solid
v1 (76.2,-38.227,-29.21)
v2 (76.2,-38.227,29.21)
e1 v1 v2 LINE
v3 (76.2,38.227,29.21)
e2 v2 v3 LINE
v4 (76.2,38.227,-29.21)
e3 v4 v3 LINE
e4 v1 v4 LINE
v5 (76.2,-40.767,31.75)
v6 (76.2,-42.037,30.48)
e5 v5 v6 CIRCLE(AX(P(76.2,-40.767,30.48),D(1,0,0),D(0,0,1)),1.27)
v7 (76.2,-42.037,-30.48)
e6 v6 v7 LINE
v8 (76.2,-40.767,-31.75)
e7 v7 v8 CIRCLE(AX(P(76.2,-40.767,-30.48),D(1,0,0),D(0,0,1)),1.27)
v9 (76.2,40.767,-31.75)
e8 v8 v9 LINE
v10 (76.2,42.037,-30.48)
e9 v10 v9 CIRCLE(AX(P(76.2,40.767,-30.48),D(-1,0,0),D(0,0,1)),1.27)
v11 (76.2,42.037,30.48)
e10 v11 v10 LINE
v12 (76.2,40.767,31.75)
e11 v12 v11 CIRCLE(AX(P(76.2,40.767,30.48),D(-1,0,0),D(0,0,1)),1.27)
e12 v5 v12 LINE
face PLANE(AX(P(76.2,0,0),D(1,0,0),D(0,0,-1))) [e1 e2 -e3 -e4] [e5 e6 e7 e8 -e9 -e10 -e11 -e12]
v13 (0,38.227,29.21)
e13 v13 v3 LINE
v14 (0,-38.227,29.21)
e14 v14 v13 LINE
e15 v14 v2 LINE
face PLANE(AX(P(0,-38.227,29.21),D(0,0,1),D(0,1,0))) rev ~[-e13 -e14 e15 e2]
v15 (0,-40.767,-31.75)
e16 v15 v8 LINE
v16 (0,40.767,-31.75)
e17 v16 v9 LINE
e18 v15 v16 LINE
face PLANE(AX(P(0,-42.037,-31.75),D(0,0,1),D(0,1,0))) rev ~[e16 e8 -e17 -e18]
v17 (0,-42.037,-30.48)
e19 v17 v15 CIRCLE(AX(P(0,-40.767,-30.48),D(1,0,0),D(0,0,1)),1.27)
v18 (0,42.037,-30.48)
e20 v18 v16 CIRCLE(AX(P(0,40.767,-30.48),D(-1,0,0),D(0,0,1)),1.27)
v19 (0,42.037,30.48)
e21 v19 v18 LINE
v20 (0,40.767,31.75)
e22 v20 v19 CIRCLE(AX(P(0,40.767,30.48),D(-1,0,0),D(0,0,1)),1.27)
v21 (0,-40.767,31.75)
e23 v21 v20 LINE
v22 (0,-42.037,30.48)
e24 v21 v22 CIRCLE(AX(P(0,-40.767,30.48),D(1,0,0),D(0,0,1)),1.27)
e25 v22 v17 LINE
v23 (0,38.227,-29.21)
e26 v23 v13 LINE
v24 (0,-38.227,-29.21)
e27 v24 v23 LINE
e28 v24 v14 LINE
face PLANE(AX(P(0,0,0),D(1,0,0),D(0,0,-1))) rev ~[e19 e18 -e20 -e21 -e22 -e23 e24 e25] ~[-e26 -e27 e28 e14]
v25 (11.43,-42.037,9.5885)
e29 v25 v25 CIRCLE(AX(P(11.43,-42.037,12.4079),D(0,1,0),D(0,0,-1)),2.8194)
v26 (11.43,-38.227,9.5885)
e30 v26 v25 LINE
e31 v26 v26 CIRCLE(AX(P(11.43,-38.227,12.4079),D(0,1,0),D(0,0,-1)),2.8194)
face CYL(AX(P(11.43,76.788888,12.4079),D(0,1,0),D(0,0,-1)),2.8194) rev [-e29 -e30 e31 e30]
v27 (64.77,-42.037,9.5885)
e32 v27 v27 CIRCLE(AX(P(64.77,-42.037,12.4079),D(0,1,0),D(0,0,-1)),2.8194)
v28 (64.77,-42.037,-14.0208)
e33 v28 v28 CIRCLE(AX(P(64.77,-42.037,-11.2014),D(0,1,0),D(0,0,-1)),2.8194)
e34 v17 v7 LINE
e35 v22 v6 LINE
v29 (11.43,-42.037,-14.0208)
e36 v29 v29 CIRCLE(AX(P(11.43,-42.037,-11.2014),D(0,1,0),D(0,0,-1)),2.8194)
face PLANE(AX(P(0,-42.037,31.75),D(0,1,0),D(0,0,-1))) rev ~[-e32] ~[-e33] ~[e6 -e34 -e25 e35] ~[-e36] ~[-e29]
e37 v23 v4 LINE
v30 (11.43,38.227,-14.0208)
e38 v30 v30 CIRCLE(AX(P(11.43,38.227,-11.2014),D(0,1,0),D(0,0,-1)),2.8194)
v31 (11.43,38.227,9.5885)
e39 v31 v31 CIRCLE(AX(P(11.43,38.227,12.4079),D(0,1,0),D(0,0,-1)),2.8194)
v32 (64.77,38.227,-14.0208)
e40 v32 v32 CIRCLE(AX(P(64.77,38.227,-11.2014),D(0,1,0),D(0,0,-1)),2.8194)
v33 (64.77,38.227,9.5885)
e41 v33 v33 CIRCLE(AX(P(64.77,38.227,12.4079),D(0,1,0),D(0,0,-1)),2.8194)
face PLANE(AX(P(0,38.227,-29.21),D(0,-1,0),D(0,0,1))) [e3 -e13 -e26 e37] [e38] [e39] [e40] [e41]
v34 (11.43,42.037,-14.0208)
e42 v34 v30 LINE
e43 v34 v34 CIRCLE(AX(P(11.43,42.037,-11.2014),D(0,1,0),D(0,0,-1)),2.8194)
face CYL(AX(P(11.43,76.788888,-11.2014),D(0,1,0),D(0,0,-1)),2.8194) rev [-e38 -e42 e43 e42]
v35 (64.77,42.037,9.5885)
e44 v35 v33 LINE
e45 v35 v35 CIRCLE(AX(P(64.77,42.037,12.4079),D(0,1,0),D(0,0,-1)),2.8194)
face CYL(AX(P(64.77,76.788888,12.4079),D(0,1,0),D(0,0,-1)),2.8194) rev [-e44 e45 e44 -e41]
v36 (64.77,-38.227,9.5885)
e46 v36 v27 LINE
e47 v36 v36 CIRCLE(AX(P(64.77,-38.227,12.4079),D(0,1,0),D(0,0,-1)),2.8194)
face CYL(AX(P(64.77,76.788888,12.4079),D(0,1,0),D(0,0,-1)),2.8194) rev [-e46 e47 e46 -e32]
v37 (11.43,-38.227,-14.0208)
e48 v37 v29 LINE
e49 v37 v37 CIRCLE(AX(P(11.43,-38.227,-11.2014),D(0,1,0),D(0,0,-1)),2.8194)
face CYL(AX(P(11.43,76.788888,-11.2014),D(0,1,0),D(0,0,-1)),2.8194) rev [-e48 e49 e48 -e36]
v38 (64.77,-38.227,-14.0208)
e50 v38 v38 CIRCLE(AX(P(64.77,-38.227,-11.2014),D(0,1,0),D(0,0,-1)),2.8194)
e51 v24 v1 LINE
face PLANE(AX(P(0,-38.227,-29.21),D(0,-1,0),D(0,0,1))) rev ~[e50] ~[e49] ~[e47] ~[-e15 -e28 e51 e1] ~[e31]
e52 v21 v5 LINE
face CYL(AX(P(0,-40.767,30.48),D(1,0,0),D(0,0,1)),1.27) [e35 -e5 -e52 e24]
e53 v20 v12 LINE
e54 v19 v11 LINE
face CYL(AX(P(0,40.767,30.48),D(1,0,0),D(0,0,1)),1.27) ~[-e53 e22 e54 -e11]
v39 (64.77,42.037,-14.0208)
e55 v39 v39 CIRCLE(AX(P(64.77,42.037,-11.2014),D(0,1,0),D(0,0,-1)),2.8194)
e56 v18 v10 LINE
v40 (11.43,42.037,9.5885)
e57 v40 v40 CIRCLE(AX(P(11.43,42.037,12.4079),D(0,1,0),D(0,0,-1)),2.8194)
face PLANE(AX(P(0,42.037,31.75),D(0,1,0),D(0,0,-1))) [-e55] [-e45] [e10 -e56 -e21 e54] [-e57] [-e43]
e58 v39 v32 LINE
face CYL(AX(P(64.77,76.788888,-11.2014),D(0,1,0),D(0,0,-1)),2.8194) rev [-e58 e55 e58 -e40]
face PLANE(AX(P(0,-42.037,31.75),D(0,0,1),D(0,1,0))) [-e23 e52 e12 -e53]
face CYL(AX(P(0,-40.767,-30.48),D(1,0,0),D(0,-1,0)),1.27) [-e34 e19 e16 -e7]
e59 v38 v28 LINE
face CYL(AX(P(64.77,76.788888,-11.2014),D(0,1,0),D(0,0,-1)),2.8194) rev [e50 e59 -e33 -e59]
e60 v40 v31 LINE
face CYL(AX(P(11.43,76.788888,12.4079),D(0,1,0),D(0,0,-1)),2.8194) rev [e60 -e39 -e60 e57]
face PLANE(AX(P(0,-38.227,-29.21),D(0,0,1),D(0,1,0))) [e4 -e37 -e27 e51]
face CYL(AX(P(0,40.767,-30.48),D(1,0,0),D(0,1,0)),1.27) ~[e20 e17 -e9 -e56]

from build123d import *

# Parameters (mm, degrees)
SKETCH2_W               = 63.5
SKETCH2_H               = 84.074
BOSS_EXTRUDE1_DEPTH     = 76.2
CUT_EXTRUDE1_REACH      = 94.637
SKETCH6_W               = 58.42
SKETCH6_H               = 76.454
FILLET1_R               = 1.27
CUT_EXTRUDE3_DEPTH      = 118.825888395
CUT_EXTRUDE3_DEPTH_BACK = 118.825888395
SKETCH7_R               = 2.8194


with BuildPart() as part:
    # Sketch2 → Boss-Extrude1 (new body)
    with BuildSketch(Plane(origin=(0, 0, 0), x_dir=(0, 0, -1), z_dir=(1, 0, 0))):
        Rectangle(SKETCH2_W, SKETCH2_H)
    extrude(amount=BOSS_EXTRUDE1_DEPTH)

    # Sketch6 → Cut-Extrude1 (cut, up to next)
    with BuildSketch(Plane.ZY, mode=Mode.PRIVATE) as cut_extrude1_sk1:
        Rectangle(SKETCH6_W, SKETCH6_H)
    cut_extrude1_tool1 = extrude(cut_extrude1_sk1.sketch, amount=-CUT_EXTRUDE1_REACH, mode=Mode.PRIVATE) & part.part
    add(cut_extrude1_tool1.solids().sort_by_distance((0, 0, 0))[0], mode=Mode.SUBTRACT)

    # Fillet1
    fillet1_edges = [part.edges().sort_by_distance(p)[0] for p in [
        (38.1, -42.037, -31.75),
        (38.1, -42.037, 31.75),
        (38.1, 42.037, 31.75),
        (38.1, 42.037, -31.75),
    ]]
    fillet(fillet1_edges, radius=FILLET1_R)

    # Sketch7 → Cut-Extrude3 (cut, two sides: drawn at the far end of the back side and taken through both)
    with BuildSketch(Plane.XZ.offset(42.037).offset(-CUT_EXTRUDE3_DEPTH_BACK)):
        with Locations(Location((11.43, 12.4079, 0), (0, 0, 270))):
            Circle(SKETCH7_R)
        with Locations(Location((64.77, 12.4079, 0), (0, 0, 270))):
            Circle(SKETCH7_R)
        with Locations(Location((11.43, -11.2014, 0), (0, 0, 270))):
            Circle(SKETCH7_R)
        with Locations(Location((64.77, -11.2014, 0), (0, 0, 270))):
            Circle(SKETCH7_R)
    extrude(amount=CUT_EXTRUDE3_DEPTH + CUT_EXTRUDE3_DEPTH_BACK, mode=Mode.SUBTRACT)


solid = part.part
